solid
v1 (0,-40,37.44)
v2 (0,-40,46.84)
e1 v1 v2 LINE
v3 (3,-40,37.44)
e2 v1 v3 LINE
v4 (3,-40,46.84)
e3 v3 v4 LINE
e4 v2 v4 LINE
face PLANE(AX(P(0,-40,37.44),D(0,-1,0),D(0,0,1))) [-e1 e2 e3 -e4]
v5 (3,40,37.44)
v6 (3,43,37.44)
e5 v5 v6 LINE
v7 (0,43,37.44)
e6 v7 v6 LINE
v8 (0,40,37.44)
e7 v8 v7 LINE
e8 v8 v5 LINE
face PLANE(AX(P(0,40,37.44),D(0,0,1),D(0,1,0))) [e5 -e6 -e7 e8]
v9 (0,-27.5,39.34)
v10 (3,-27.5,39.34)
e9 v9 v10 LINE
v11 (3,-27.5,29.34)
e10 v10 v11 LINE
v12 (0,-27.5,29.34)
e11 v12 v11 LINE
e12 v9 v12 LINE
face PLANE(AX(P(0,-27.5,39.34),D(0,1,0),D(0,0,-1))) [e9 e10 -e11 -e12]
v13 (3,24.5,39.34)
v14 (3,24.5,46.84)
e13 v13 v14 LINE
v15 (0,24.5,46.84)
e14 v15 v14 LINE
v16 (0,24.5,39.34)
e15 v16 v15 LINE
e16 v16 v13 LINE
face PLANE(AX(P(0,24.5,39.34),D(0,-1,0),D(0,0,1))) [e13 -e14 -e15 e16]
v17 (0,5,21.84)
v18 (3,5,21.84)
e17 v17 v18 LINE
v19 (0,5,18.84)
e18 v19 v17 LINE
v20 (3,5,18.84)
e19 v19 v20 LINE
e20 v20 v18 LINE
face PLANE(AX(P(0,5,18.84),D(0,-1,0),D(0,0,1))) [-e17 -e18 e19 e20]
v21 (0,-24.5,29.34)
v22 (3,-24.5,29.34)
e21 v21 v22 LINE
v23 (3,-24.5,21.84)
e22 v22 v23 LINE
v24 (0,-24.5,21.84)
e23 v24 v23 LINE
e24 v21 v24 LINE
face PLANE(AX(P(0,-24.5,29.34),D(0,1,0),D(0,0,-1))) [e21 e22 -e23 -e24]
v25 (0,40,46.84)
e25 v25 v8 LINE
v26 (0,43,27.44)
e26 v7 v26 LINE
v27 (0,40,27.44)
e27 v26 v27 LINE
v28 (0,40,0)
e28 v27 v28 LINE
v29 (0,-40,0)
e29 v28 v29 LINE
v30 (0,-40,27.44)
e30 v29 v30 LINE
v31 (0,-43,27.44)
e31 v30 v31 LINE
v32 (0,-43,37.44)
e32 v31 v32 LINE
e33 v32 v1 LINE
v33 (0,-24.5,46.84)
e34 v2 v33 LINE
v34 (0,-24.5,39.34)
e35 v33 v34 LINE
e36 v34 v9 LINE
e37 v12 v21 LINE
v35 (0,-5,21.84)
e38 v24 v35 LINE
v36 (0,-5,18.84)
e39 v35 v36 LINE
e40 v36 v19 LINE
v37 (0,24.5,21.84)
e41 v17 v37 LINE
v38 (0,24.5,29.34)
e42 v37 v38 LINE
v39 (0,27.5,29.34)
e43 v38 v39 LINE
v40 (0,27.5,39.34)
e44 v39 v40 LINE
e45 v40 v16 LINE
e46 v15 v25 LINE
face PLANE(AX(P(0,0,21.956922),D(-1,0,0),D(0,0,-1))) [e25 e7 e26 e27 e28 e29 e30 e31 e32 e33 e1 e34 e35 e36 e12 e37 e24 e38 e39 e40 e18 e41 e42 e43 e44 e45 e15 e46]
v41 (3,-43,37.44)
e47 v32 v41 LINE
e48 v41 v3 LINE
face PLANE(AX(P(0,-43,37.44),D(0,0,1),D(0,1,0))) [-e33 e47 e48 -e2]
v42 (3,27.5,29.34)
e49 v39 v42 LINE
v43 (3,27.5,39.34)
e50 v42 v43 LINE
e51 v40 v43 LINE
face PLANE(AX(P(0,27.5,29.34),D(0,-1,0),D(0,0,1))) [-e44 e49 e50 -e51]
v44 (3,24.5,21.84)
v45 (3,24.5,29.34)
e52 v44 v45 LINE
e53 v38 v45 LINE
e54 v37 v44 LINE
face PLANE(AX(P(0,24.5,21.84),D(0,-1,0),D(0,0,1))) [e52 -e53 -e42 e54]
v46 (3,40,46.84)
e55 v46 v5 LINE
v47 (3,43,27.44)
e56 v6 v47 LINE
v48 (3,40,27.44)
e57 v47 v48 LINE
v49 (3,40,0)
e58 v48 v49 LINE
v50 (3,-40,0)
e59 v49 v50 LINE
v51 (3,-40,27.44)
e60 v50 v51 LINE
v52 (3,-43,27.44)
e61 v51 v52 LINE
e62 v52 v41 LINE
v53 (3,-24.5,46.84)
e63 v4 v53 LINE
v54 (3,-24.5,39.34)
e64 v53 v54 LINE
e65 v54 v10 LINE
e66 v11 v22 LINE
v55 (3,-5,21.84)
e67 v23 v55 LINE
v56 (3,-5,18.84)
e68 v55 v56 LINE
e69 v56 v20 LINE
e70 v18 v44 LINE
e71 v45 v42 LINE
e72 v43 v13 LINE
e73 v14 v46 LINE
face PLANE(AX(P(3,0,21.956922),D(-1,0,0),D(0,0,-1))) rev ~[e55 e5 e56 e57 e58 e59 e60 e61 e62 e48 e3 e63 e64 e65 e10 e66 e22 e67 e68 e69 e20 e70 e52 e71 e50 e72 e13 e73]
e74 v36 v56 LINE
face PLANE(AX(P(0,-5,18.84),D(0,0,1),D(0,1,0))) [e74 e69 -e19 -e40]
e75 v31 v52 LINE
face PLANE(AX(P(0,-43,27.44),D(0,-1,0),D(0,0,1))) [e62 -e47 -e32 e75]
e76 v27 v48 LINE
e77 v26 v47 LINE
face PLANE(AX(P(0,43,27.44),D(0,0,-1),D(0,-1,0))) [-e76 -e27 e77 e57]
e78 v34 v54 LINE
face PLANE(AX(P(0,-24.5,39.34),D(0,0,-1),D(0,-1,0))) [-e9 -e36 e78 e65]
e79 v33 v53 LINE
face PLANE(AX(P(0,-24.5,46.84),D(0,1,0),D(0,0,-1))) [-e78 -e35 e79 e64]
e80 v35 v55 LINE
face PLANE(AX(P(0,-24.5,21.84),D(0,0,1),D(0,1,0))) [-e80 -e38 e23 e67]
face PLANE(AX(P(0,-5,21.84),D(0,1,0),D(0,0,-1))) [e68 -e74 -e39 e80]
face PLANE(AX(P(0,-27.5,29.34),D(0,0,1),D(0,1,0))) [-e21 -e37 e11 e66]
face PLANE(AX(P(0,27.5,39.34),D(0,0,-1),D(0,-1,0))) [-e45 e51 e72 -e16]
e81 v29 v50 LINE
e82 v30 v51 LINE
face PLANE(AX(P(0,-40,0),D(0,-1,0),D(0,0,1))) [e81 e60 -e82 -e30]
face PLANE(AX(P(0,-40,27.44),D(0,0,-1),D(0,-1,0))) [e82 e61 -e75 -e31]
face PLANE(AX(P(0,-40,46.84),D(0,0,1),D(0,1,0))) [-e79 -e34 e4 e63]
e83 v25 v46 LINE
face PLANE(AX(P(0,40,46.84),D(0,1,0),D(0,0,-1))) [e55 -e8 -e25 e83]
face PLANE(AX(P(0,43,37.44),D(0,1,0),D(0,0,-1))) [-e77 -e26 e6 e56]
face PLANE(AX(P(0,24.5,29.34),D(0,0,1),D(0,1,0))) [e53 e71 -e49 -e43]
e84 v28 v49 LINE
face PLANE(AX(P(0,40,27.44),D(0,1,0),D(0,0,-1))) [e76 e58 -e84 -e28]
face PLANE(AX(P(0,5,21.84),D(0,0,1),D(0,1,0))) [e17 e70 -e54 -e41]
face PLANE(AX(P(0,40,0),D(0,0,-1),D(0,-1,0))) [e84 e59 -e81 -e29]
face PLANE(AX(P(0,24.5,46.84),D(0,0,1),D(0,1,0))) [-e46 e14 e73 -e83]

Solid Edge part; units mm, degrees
sketch "Sketch1" plane through (0, 0, 0) normal (1, 0, 0) x (0, 1, 0)
  line L0 (24.5, 46.84) -> (40, 46.84)
  line L1 (40, 46.84) -> (40, 37.44)
  line L2 (40, 37.44) -> (43, 37.44)
  line L3 (43, 37.44) -> (43, 27.44)
  line L4 (43, 27.44) -> (40, 27.44)
  line L5 (40, 27.44) -> (40, 0)
  line L6 (40, 0) -> (-40, 0)
  line L7 (-40, 0) -> (-40, 27.44)
  line L8 (-40, 27.44) -> (-43, 27.44)
  line L9 (-43, 27.44) -> (-43, 37.44)
  line L10 (-43, 37.44) -> (-40, 37.44)
  line L11 (-40, 37.44) -> (-40, 46.84)
  line L12 (-40, 46.84) -> (-24.5, 46.84)
  line L13 (-24.5, 46.84) -> (-24.5, 39.34)
  line L14 (-24.5, 39.34) -> (-27.5, 39.34)
  line L15 (-27.5, 39.34) -> (-27.5, 29.34)
  line L16 (-27.5, 29.34) -> (-24.5, 29.34)
  line L17 (-24.5, 29.34) -> (-24.5, 21.84)
  line L18 (-24.5, 21.84) -> (-5, 21.84)
  line L19 (-5, 21.84) -> (-5, 18.84)
  line L20 (-5, 18.84) -> (5, 18.84)
  line L21 (5, 18.84) -> (5, 21.84)
  line L22 (5, 21.84) -> (24.5, 21.84)
  line L23 (24.5, 21.84) -> (24.5, 29.34)
  line L24 (24.5, 29.34) -> (27.5, 29.34)
  line L25 (27.5, 29.34) -> (27.5, 39.34)
  line L26 (27.5, 39.34) -> (24.5, 39.34)
  line L27 (24.5, 39.34) -> (24.5, 46.84)
  dimension "D1" = 80
  dimension "D2" = 10
  dimension "D3" = 9.4
  dimension "D4" = 10
  dimension "D5" = 3
  dimension "D6" = 7.5
  dimension "D7" = 49
  dimension "D8" = 27.44
  dimension "D9" = 25
  dimension "D10" = 3
extrude "Protrusion1" add sketch "Sketch1" along normal blind 3
properties material "Acier"
